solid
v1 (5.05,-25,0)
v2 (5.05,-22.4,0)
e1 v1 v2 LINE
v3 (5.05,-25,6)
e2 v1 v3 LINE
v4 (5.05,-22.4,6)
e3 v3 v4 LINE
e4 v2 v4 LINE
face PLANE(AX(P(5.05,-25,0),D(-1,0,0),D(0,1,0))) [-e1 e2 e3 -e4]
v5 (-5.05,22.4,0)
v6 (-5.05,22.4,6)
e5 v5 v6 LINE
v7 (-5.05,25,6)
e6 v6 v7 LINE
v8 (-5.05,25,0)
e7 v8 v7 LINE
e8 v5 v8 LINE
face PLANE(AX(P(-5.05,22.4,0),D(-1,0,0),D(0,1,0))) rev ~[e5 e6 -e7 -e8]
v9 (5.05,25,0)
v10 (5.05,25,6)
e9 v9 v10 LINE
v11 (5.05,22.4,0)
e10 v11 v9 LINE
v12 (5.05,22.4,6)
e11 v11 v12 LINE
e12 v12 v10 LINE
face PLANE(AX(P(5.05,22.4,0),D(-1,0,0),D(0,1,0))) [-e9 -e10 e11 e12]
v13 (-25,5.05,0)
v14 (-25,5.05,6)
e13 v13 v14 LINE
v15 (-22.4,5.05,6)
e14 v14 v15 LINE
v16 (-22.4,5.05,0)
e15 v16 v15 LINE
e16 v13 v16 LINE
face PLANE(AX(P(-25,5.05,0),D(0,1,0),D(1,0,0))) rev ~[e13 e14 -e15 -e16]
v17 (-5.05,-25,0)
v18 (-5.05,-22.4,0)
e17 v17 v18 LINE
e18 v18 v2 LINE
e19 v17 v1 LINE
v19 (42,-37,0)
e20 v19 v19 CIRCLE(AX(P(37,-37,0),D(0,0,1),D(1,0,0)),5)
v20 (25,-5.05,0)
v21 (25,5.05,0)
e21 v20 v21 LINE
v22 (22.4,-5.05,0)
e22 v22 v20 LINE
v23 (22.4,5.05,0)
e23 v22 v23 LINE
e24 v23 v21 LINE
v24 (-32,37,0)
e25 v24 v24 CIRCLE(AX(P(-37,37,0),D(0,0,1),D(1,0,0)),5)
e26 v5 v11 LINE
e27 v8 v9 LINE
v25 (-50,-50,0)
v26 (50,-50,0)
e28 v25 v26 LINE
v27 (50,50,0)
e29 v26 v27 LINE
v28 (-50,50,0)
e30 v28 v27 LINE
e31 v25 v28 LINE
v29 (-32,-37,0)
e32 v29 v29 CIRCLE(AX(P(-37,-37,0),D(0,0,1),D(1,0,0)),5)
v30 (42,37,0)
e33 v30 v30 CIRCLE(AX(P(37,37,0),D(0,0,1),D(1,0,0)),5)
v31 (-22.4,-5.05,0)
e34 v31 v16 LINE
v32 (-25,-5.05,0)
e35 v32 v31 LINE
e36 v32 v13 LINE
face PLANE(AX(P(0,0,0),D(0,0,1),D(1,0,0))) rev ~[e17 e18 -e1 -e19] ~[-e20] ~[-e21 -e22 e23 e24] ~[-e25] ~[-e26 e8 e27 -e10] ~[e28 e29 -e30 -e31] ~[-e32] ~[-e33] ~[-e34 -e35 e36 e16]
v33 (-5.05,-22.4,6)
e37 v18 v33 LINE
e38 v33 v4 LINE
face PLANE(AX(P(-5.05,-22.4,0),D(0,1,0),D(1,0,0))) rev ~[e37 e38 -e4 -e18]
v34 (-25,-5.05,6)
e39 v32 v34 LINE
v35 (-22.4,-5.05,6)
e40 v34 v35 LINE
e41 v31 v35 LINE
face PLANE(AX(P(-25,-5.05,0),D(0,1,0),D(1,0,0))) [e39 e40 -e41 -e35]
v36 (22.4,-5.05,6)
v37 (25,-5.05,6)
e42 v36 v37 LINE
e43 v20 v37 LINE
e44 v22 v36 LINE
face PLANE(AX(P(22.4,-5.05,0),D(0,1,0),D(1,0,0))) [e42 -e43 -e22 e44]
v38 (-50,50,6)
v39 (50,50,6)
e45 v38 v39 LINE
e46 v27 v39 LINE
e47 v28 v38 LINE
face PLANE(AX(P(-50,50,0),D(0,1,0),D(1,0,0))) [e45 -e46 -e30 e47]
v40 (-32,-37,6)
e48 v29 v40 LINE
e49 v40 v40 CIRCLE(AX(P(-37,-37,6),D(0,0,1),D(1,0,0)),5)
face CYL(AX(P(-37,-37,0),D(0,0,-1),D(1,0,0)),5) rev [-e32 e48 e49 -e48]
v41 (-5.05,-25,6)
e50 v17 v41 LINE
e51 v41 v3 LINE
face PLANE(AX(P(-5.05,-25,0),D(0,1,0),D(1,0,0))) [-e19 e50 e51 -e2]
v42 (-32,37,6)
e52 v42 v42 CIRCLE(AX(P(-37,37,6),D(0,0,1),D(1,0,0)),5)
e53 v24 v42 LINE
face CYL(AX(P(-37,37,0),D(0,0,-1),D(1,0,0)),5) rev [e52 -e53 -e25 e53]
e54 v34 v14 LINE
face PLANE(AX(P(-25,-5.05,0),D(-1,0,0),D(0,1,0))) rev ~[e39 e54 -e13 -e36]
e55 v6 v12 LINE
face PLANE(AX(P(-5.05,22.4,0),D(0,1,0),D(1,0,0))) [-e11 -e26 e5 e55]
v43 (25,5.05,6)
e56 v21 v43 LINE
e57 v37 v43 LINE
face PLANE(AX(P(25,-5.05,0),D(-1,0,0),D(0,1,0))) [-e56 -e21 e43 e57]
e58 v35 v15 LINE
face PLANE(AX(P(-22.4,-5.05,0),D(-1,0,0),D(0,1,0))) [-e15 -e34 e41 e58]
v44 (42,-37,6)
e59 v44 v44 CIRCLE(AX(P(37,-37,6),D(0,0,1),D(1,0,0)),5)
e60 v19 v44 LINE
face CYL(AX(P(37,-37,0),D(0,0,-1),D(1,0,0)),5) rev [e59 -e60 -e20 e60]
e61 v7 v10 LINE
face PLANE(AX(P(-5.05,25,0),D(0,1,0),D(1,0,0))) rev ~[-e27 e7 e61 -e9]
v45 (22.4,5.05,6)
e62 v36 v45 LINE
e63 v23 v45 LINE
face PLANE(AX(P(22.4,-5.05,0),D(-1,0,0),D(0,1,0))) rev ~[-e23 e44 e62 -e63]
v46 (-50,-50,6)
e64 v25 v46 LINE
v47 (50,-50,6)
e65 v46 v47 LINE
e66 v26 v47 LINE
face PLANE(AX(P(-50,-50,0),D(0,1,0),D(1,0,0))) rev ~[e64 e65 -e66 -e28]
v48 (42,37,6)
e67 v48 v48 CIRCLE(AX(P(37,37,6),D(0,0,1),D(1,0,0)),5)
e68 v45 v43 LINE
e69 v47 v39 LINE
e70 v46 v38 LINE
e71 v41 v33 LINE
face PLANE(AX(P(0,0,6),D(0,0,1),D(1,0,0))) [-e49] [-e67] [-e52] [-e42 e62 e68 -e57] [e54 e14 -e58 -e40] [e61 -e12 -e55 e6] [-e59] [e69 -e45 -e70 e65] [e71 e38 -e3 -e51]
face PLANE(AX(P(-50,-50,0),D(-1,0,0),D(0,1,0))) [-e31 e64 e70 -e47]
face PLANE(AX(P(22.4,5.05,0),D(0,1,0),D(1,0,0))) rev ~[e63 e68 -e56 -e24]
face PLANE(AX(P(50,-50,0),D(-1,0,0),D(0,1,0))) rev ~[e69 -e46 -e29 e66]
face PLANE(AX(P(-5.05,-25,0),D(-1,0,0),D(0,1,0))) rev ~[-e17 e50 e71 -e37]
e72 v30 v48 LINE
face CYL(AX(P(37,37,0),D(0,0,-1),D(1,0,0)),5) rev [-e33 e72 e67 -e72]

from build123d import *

# Parameters (mm, degrees)
F0_W     = 100
F0_H     = 100
F0_R     = 5
F0_W_2   = 10.1
F0_H_2   = 2.6
F0_W_3   = 2.6
F0_H_3   = 10.1
F1_DEPTH = 6


with BuildPart() as f1:
    # F0 (on Top) → F1 (new body)
    with BuildSketch(Plane.XY):
        Rectangle(F0_W, F0_H)
        with Locations((-37, -37)):
            Circle(F0_R, mode=Mode.SUBTRACT)
        with Locations((37, -37)):
            Circle(F0_R, mode=Mode.SUBTRACT)
        with Locations((0, -23.7)):
            Rectangle(F0_W_2, F0_H_2, mode=Mode.SUBTRACT)
        with Locations((-23.7, 0)):
            Rectangle(F0_W_3, F0_H_3, mode=Mode.SUBTRACT)
        with Locations((-37, 37)):
            Circle(F0_R, mode=Mode.SUBTRACT)
        with Locations((23.7, 0)):
            Rectangle(F0_W_3, F0_H_3, mode=Mode.SUBTRACT)
        with Locations((0, 23.7)):
            Rectangle(F0_W_2, F0_H_2, mode=Mode.SUBTRACT)
        with Locations((37, 37)):
            Circle(F0_R, mode=Mode.SUBTRACT)
    extrude(amount=F1_DEPTH)


solid = f1.part
